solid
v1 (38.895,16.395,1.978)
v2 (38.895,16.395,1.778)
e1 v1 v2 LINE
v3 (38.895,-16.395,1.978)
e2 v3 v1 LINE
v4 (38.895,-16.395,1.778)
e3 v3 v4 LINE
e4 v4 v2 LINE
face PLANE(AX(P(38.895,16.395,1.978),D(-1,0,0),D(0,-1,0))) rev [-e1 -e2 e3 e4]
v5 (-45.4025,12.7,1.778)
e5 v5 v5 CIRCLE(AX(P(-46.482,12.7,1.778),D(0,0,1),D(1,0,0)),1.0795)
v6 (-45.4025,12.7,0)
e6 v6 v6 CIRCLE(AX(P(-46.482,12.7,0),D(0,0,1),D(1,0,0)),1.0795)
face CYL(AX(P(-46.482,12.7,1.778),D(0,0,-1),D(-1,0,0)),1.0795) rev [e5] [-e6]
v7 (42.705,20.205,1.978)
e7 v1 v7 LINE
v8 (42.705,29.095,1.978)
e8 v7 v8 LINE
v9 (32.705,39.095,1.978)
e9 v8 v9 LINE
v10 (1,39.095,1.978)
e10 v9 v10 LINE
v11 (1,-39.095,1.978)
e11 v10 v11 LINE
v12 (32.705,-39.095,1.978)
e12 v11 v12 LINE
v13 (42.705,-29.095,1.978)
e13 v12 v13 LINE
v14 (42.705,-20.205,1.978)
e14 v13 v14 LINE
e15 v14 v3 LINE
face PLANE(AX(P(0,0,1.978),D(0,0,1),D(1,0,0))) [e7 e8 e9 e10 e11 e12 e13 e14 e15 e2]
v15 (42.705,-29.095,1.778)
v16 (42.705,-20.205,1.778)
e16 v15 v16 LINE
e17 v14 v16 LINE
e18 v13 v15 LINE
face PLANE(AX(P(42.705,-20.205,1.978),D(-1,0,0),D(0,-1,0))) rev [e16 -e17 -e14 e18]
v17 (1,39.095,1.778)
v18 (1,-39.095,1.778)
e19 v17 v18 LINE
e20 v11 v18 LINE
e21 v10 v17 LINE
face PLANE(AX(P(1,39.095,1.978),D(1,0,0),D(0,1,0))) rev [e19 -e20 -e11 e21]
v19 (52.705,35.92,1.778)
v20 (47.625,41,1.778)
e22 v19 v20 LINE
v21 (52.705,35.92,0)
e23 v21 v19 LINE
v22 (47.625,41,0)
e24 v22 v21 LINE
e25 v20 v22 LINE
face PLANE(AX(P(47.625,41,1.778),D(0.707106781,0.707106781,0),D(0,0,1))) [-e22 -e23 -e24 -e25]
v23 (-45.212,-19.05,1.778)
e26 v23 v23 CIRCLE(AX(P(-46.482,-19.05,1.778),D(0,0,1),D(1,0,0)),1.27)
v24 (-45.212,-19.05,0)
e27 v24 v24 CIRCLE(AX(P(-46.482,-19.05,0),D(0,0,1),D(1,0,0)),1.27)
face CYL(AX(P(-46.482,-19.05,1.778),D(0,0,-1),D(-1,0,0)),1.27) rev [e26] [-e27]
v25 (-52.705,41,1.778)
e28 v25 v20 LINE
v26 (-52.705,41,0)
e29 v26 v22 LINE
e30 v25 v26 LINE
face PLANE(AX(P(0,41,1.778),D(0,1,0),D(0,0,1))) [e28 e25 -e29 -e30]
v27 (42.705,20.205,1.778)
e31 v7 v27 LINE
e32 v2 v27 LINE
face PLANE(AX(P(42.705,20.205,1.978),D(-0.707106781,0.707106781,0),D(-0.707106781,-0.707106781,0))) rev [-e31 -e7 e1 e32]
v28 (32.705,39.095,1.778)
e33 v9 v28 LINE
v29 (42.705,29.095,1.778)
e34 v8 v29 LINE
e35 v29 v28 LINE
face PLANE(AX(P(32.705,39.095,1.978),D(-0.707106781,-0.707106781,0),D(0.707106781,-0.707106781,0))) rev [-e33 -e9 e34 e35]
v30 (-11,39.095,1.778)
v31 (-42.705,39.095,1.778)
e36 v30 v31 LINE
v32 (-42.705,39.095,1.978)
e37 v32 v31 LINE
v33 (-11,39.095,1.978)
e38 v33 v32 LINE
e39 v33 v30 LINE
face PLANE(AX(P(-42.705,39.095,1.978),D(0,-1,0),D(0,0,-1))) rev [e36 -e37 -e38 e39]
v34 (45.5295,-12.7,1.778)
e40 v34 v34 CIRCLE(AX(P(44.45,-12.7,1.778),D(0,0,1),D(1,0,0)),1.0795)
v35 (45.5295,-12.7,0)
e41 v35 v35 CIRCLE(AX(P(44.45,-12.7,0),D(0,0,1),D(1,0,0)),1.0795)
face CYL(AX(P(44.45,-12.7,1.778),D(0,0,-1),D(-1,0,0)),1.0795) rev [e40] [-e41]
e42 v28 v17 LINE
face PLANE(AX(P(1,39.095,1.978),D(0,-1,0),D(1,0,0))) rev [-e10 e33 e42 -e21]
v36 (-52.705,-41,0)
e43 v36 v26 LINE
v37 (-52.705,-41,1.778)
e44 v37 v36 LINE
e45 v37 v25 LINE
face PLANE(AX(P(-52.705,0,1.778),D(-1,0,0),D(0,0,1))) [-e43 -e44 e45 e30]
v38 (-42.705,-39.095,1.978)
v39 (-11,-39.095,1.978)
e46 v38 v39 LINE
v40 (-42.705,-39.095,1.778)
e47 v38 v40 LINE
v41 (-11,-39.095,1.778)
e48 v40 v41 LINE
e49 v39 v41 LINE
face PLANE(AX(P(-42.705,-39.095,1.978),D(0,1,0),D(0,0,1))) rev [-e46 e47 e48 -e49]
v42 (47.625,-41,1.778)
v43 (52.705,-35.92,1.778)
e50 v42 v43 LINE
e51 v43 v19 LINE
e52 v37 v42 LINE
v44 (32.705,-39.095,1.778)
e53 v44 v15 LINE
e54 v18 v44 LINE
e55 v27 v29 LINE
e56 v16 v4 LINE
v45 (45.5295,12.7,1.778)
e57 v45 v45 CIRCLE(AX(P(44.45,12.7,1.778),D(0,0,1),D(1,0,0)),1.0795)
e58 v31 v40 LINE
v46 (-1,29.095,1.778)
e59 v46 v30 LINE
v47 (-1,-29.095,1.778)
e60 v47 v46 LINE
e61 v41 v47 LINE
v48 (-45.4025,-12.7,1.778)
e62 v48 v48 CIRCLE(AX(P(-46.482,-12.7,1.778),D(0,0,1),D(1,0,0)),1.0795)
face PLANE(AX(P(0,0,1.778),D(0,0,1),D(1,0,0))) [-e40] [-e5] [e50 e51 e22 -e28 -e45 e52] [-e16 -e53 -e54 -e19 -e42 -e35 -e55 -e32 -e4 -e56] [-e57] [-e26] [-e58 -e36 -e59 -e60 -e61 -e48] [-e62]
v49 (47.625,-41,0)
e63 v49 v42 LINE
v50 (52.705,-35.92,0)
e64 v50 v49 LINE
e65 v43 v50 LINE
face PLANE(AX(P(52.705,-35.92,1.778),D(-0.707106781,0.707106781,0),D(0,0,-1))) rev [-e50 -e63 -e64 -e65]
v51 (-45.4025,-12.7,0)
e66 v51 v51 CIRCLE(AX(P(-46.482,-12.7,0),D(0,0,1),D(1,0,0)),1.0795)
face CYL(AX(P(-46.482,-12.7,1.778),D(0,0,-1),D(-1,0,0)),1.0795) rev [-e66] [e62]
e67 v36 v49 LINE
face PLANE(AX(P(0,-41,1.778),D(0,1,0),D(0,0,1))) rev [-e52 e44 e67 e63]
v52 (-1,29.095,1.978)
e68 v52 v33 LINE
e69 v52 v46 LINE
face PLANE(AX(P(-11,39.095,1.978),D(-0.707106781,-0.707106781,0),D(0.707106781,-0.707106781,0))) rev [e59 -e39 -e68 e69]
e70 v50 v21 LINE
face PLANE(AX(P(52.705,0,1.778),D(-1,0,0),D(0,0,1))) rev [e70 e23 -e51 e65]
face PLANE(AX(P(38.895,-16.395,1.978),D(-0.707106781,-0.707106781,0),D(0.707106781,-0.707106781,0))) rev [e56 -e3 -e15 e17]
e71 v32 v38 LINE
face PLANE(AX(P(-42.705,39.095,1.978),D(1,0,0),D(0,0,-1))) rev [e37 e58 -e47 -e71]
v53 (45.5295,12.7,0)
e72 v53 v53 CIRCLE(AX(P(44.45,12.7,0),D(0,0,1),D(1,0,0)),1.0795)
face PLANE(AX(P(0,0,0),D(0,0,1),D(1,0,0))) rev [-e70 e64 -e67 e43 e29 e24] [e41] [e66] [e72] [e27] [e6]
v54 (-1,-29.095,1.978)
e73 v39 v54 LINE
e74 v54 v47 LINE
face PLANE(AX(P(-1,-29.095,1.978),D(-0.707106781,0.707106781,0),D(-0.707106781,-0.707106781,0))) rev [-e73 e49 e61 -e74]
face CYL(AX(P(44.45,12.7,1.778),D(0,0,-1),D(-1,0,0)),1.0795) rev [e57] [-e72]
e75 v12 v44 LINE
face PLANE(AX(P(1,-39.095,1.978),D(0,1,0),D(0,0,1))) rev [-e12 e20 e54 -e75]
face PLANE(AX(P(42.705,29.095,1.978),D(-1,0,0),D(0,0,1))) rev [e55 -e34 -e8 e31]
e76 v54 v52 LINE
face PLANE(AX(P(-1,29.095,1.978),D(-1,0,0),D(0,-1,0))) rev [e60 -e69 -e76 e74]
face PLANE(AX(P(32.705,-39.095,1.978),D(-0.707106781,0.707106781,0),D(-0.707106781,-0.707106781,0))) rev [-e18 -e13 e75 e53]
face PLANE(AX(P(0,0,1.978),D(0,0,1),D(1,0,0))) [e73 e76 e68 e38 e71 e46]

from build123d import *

# Parameters (mm, degrees)
SKETCH1_W           = 105.41
SKETCH1_H           = 82
SKETCH1_R           = 1.0795
SKETCH1_R_2         = 1.27
BOSS_EXTRUDE1_DEPTH = 1.778
BOSS_EXTRUDE2_DEPTH = 0.2
CHAMFER2_SIZE       = 5.08


with BuildPart() as part:
    # Sketch1 → Boss-Extrude1 (new body)
    with BuildSketch(Plane.XY):
        Rectangle(SKETCH1_W, SKETCH1_H)
        with Locations((44.45, 12.7)):
            Circle(SKETCH1_R, mode=Mode.SUBTRACT)
        with Locations((44.45, -12.7)):
            Circle(SKETCH1_R, mode=Mode.SUBTRACT)
        with Locations((-46.482, 12.7)):
            Circle(SKETCH1_R, mode=Mode.SUBTRACT)
        with Locations((-46.482, -12.7)):
            Circle(SKETCH1_R, mode=Mode.SUBTRACT)
        with Locations((-46.482, -19.05)):
            Circle(SKETCH1_R_2, mode=Mode.SUBTRACT)
    extrude(amount=BOSS_EXTRUDE1_DEPTH)

    # Sketch2 → Boss-Extrude2 (add)
    with BuildSketch(Plane.XY.offset(1.778)):
        Polygon((-11, 39.095), (-1, 29.095), (-1, -29.095), (-11, -39.095), (-42.705, -39.095), (-42.705, 39.095), align=None)
        Polygon((42.705, 20.205), (38.895, 16.395), (38.895, -16.395), (42.705, -20.205), (42.705, -29.095), (32.705, -39.095), (1, -39.095), (1, 39.095), (32.705, 39.095), (42.705, 29.095), align=None)
    extrude(amount=BOSS_EXTRUDE2_DEPTH)

    # Chamfer2
    chamfer2_edges = [part.edges().sort_by_distance(p)[0] for p in [
        (52.705, 41, 0.889),
        (52.705, -41, 0.889),
    ]]
    chamfer(chamfer2_edges, length=CHAMFER2_SIZE)


solid = part.part
